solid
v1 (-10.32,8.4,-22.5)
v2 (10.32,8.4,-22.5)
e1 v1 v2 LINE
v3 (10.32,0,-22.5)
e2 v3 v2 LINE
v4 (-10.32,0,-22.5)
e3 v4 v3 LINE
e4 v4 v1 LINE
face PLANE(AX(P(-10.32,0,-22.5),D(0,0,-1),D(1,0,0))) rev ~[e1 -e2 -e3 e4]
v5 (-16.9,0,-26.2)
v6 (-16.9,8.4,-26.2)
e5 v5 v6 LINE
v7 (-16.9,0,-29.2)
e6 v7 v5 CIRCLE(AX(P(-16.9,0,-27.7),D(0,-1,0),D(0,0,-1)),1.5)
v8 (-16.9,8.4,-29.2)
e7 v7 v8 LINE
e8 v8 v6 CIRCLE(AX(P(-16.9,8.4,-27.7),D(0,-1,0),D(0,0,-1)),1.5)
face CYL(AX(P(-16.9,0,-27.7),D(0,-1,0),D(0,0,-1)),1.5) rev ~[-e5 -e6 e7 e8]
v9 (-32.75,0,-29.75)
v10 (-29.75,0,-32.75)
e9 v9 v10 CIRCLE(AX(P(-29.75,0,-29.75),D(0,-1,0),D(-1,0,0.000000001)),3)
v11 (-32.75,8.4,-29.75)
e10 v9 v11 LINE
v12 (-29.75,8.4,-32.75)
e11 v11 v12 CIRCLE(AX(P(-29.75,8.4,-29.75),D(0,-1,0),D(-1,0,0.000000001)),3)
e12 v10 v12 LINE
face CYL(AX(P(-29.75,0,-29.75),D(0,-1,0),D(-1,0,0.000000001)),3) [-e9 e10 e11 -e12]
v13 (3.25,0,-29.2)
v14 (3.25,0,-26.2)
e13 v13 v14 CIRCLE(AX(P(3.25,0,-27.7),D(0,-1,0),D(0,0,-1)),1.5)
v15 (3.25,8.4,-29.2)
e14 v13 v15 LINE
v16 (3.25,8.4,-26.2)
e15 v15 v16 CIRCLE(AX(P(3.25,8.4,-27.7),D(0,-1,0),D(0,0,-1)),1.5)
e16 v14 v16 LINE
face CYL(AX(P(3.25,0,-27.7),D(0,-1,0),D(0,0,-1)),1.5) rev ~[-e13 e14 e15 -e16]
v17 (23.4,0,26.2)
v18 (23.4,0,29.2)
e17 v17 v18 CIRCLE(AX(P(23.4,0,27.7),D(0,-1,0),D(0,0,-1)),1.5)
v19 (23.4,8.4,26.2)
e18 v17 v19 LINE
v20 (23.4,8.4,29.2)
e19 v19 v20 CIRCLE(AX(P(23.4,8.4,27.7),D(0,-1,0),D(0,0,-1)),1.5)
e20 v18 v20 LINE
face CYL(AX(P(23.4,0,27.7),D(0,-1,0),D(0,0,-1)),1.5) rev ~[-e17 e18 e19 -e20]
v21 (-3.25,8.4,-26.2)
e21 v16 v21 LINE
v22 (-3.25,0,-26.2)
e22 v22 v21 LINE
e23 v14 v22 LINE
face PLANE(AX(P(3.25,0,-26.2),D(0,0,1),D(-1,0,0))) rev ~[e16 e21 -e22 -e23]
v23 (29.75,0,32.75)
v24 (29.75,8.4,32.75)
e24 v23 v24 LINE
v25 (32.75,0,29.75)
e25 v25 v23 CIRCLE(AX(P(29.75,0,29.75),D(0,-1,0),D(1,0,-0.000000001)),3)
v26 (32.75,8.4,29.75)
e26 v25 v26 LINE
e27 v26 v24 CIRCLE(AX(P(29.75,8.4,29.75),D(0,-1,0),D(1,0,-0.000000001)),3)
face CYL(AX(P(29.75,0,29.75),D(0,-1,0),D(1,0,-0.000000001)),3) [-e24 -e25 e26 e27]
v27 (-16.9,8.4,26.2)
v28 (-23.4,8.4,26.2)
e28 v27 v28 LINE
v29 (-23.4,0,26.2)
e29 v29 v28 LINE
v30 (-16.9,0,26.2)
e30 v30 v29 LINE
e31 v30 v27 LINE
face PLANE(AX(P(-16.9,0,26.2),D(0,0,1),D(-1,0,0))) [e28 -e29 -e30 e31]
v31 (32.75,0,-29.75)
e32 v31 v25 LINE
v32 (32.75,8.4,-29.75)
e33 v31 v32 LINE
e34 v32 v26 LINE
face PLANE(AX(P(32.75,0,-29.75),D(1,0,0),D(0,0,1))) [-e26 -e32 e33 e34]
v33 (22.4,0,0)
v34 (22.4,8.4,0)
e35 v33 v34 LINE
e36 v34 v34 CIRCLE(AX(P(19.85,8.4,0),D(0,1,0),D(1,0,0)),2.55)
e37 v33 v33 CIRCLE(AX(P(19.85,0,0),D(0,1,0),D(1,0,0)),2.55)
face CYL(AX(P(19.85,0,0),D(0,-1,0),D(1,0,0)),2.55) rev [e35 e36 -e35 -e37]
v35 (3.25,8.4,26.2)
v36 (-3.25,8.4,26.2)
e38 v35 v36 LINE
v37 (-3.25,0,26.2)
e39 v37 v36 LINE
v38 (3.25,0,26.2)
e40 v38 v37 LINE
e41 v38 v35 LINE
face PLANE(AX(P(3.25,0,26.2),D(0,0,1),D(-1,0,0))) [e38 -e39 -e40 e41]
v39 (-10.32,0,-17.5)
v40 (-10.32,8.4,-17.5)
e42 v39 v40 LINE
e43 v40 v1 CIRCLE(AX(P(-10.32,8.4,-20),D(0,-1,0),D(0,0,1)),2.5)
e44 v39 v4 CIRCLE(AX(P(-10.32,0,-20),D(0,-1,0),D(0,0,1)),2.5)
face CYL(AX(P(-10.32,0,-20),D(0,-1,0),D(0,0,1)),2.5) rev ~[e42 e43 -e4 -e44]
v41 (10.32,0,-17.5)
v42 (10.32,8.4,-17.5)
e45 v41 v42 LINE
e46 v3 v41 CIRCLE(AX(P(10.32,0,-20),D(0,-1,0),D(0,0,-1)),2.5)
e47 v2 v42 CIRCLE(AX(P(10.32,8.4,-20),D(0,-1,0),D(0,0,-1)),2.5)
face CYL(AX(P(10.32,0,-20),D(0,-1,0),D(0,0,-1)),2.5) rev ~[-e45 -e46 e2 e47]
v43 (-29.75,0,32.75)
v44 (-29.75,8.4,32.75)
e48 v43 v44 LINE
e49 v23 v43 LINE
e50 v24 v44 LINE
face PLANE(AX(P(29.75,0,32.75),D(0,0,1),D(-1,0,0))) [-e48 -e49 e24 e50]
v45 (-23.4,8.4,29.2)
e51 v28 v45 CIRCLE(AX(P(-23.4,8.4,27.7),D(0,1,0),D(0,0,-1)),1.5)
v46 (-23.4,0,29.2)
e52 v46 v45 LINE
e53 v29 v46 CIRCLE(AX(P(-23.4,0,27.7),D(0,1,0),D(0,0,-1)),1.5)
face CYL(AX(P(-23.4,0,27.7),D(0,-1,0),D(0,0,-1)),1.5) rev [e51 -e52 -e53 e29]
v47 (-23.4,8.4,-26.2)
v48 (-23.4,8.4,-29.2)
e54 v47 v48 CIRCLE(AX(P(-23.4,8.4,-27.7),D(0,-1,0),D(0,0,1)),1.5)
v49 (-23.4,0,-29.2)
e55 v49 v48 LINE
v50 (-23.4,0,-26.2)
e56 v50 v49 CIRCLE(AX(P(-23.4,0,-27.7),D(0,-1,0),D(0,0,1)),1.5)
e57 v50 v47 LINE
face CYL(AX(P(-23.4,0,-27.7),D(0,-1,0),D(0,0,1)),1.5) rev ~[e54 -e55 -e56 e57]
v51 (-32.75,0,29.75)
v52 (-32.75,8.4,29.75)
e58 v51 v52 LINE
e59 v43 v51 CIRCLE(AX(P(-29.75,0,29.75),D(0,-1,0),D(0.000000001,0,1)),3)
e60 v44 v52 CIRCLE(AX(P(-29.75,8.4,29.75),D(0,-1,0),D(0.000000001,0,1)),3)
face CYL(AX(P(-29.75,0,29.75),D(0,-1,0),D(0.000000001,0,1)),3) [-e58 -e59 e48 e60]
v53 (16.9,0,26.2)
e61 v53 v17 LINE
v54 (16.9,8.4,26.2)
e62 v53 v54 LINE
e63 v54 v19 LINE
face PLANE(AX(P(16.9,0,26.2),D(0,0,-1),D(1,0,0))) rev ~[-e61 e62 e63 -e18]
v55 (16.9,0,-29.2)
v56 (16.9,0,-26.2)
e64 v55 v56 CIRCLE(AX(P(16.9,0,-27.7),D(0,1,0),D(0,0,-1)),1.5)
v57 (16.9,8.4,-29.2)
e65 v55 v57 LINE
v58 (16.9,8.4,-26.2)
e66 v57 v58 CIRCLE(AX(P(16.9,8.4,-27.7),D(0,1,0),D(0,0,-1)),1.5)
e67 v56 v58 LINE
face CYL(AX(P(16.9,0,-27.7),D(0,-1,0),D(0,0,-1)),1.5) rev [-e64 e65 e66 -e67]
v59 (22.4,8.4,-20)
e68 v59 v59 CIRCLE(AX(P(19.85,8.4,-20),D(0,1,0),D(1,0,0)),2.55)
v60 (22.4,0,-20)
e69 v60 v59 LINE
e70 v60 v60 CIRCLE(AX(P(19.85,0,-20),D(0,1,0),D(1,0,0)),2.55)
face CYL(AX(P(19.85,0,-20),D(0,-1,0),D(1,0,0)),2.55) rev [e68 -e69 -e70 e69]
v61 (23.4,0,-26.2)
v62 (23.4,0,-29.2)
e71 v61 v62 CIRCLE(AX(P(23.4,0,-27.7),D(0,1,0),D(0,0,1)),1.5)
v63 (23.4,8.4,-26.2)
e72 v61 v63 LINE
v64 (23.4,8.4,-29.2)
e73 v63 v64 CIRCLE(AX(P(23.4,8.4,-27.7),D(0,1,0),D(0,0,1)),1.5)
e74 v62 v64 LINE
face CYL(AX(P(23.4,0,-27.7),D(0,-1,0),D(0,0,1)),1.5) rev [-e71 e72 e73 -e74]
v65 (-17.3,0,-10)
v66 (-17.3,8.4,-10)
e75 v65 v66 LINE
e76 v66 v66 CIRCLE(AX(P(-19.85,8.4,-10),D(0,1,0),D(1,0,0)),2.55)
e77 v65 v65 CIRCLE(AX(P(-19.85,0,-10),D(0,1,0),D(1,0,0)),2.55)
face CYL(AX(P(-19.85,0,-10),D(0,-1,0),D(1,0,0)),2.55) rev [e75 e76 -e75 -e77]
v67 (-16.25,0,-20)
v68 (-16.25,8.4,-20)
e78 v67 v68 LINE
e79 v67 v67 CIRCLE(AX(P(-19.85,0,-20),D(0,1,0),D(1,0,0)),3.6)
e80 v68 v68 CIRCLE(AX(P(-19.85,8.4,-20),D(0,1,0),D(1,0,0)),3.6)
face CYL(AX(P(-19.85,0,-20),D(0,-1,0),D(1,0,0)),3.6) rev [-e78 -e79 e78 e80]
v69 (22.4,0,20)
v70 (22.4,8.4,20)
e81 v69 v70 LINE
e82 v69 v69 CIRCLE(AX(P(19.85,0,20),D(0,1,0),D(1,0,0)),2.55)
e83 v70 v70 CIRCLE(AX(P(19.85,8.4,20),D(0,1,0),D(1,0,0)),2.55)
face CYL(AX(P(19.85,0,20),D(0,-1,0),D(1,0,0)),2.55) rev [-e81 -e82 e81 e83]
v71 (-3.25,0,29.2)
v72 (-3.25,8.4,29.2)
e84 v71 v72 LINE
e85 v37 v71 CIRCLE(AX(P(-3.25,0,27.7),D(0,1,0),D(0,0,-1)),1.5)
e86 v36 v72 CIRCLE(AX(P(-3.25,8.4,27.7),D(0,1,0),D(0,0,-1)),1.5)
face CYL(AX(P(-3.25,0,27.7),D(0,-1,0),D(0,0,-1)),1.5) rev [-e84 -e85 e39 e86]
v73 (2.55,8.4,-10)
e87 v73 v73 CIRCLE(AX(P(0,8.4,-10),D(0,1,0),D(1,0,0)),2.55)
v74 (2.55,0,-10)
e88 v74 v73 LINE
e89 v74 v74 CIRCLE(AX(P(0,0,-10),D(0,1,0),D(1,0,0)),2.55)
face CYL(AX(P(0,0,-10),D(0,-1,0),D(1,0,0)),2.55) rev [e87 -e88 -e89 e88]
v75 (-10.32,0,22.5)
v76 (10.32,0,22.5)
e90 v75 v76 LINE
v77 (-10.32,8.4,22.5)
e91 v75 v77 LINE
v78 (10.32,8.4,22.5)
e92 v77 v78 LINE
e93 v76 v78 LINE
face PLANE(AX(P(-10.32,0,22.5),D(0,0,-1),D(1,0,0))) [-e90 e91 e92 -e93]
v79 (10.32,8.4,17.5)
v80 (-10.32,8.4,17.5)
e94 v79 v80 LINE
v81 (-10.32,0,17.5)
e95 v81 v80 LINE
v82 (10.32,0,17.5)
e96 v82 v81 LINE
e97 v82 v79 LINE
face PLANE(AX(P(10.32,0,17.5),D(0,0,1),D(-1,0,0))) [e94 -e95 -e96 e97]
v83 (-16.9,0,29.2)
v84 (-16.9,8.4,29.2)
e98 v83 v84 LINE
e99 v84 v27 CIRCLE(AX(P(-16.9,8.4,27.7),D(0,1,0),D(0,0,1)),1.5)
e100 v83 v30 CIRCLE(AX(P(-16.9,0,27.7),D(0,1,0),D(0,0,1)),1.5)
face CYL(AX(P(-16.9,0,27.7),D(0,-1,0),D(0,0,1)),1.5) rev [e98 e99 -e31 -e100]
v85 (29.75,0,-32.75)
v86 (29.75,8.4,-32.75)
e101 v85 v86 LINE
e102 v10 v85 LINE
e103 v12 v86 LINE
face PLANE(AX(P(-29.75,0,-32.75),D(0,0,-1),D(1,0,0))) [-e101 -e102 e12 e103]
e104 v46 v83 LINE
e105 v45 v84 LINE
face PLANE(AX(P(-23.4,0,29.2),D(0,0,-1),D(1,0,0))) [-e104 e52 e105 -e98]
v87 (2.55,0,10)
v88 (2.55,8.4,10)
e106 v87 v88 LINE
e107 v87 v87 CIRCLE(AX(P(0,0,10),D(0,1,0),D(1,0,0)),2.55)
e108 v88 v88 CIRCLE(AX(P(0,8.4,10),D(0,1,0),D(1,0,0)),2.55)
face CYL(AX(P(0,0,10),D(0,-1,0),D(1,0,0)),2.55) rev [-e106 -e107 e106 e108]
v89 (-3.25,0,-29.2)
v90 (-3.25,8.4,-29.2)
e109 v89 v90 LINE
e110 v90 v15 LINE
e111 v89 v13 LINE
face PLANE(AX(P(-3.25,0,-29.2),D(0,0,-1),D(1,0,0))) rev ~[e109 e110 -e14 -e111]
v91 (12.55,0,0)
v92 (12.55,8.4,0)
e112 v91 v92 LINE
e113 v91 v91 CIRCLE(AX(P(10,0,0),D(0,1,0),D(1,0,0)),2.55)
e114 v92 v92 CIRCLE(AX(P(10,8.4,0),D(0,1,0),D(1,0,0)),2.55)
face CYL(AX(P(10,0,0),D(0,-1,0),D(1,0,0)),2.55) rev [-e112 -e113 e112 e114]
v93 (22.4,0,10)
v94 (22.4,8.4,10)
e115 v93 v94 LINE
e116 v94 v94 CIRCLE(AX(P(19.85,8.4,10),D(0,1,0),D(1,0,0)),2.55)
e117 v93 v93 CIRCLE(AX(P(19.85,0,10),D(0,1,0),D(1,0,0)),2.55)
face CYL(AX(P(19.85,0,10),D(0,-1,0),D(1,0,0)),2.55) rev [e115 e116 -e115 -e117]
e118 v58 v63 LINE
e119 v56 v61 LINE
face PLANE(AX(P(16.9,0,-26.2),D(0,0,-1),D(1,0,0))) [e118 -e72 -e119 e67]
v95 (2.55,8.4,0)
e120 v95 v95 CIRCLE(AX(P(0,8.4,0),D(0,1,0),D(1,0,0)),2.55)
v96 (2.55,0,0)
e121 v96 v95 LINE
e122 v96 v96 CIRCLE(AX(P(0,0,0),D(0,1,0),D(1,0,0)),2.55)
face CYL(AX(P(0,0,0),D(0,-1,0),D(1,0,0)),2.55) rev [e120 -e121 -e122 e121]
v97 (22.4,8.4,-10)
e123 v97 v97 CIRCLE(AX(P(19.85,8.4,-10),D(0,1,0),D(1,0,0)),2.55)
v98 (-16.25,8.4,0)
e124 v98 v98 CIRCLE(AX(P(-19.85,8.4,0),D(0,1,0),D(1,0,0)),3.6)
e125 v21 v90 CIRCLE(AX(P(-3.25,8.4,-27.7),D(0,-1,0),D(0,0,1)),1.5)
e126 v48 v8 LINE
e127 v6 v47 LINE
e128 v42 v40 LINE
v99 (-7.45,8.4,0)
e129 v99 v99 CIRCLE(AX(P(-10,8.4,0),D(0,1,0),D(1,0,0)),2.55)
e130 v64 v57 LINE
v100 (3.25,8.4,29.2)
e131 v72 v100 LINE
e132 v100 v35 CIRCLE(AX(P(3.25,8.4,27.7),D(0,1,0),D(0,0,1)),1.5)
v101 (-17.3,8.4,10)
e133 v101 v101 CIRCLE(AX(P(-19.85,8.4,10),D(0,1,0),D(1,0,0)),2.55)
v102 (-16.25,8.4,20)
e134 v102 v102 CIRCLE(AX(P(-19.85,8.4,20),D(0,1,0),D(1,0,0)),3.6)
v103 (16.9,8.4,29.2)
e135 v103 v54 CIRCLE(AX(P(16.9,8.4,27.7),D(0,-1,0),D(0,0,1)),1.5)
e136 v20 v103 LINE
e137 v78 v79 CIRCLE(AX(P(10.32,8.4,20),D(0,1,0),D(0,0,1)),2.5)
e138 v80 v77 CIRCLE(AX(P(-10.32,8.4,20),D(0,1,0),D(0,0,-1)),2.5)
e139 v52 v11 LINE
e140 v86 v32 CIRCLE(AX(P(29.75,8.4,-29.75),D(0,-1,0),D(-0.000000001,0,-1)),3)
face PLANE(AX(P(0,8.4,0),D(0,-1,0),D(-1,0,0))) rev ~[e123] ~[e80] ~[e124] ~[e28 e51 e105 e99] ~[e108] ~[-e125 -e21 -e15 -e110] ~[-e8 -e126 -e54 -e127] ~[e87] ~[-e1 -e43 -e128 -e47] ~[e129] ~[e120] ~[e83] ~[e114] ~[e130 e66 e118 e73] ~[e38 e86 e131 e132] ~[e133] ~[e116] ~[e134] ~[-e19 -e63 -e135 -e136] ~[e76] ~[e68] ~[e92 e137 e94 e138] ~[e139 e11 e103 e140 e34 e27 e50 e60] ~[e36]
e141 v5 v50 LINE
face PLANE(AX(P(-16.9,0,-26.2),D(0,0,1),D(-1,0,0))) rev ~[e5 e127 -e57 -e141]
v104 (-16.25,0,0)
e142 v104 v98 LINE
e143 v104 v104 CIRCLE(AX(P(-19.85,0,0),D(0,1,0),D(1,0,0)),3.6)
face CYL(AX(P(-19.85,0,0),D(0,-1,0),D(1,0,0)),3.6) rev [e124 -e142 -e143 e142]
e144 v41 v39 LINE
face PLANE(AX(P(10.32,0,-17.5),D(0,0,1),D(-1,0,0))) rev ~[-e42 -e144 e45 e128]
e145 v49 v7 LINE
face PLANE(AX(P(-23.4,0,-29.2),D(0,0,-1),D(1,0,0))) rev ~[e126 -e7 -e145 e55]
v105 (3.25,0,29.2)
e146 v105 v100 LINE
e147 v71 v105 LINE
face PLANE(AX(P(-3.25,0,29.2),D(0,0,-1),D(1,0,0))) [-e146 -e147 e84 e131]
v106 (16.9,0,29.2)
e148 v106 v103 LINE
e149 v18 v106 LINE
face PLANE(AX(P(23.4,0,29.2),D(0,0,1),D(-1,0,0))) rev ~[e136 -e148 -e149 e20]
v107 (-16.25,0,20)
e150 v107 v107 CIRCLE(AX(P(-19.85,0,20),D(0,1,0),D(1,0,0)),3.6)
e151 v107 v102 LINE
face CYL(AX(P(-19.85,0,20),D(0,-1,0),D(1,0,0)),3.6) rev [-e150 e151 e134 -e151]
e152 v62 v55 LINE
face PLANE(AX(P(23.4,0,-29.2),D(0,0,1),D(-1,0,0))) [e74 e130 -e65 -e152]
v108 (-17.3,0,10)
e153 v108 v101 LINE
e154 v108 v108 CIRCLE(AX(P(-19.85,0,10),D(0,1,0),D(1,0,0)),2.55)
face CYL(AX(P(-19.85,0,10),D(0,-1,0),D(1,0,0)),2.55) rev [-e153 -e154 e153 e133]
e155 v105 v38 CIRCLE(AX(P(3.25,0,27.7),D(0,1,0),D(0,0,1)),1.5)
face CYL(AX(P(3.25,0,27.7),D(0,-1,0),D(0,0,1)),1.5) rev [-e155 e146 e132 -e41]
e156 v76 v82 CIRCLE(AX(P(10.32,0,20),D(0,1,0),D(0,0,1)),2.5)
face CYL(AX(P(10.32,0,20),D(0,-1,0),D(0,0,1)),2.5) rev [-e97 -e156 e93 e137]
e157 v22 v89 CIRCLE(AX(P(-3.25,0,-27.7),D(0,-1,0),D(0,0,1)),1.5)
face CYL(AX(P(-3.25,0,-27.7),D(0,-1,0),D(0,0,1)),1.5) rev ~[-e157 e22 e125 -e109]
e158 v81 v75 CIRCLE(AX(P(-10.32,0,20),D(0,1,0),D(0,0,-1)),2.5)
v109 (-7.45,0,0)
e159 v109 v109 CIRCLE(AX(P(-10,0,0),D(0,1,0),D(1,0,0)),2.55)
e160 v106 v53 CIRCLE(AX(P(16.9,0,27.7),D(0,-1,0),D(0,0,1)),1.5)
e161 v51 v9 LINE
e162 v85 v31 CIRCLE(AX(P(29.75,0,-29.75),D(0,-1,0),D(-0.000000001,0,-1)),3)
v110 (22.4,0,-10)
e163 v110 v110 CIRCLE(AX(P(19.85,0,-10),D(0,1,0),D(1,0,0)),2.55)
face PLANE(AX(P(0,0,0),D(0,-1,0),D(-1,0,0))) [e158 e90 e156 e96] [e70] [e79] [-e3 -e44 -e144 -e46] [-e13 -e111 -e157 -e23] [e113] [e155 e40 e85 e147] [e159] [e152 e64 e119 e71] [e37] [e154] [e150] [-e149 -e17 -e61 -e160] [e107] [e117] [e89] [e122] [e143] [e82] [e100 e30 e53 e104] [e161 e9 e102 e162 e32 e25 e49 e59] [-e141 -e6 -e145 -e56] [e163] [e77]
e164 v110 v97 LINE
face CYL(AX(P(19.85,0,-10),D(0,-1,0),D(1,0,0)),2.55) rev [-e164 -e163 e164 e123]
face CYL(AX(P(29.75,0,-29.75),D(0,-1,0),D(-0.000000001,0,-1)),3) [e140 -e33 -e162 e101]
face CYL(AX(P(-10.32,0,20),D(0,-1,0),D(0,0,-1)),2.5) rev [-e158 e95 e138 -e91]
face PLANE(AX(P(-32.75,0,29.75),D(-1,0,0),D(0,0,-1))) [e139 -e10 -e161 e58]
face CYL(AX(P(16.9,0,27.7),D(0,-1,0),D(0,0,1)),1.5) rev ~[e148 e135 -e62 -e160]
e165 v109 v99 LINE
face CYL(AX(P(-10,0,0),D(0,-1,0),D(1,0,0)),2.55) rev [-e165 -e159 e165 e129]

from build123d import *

# Parameters (mm, degrees)
SKETCH1_R           = 2.55
SKETCH1_R_2         = 3.6
BOSS_EXTRUDE1_DEPTH = 8.4


with BuildPart() as part:
    # Sketch1 → Boss-Extrude1 (new body)
    with BuildSketch(Plane(origin=(0, 0, 0), x_dir=(1, 0, 0), z_dir=(0, 1, 0))):
        with BuildLine():
            Line((29.75, -32.75), (-29.75, -32.75))
            ThreePointArc((-29.75, -32.75), (-31.871320344, -31.871320344), (-32.75, -29.75))
            Line((-32.75, -29.75), (-32.75, 29.75))
            ThreePointArc((-32.75, 29.75), (-31.871320344, 31.871320344), (-29.75, 32.75))
            Line((-29.75, 32.75), (29.75, 32.75))
            ThreePointArc((29.75, 32.75), (31.871320344, 31.871320344), (32.75, 29.75))
            Line((32.75, 29.75), (32.75, -29.75))
            ThreePointArc((32.75, -29.75), (31.871320344, -31.871320344), (29.75, -32.75))
        make_face()
        with Locations((0, 10)):
            Circle(SKETCH1_R, mode=Mode.SUBTRACT)
        Circle(SKETCH1_R, mode=Mode.SUBTRACT)
        with Locations((10, 0)):
            Circle(SKETCH1_R, mode=Mode.SUBTRACT)
        with Locations((-10, 0)):
            Circle(SKETCH1_R, mode=Mode.SUBTRACT)
        with Locations((-19.85, 20)):
            Circle(SKETCH1_R_2, mode=Mode.SUBTRACT)
        with Locations((-19.85, 0)):
            Circle(SKETCH1_R_2, mode=Mode.SUBTRACT)
        with Locations((-19.85, -20)):
            Circle(SKETCH1_R_2, mode=Mode.SUBTRACT)
        with Locations((-19.85, 10)):
            Circle(SKETCH1_R, mode=Mode.SUBTRACT)
        with Locations((19.85, 20)):
            Circle(SKETCH1_R, mode=Mode.SUBTRACT)
        with Locations((19.85, 0)):
            Circle(SKETCH1_R, mode=Mode.SUBTRACT)
        with Locations((19.85, -20)):
            Circle(SKETCH1_R, mode=Mode.SUBTRACT)
        with Locations((0, -10)):
            Circle(SKETCH1_R, mode=Mode.SUBTRACT)
        with Locations((19.85, 10)):
            Circle(SKETCH1_R, mode=Mode.SUBTRACT)
        with Locations((19.85, -10)):
            Circle(SKETCH1_R, mode=Mode.SUBTRACT)
        with Locations((-19.85, -10)):
            Circle(SKETCH1_R, mode=Mode.SUBTRACT)
        with BuildLine():
            Line((10.32, 17.5), (-10.32, 17.5))
            ThreePointArc((-10.32, 17.5), (-12.82, 20), (-10.32, 22.5))
            Line((-10.32, 22.5), (10.32, 22.5))
            ThreePointArc((10.32, 22.5), (12.82, 20), (10.32, 17.5))
        make_face(mode=Mode.SUBTRACT)
        with BuildLine():
            Line((3.25, 26.2), (-3.25, 26.2))
            ThreePointArc((-3.25, 26.2), (-4.75, 27.7), (-3.25, 29.2))
            Line((-3.25, 29.2), (3.25, 29.2))
            ThreePointArc((3.25, 29.2), (4.75, 27.7), (3.25, 26.2))
        make_face(mode=Mode.SUBTRACT)
        with BuildLine():
            Line((-16.9, 26.2), (-23.4, 26.2))
            ThreePointArc((-23.4, 26.2), (-24.9, 27.7), (-23.4, 29.2))
            Line((-23.4, 29.2), (-16.9, 29.2))
            ThreePointArc((-16.9, 29.2), (-15.4, 27.7), (-16.9, 26.2))
        make_face(mode=Mode.SUBTRACT)
        with BuildLine():
            Line((16.9, 26.2), (23.4, 26.2))
            ThreePointArc((23.4, 26.2), (24.9, 27.7), (23.4, 29.2))
            Line((23.4, 29.2), (16.9, 29.2))
            ThreePointArc((16.9, 29.2), (15.4, 27.7), (16.9, 26.2))
        make_face(mode=Mode.SUBTRACT)
        with BuildLine():
            Line((10.32, -17.5), (-10.32, -17.5))
            ThreePointArc((-10.32, -17.5), (-12.82, -20), (-10.32, -22.5))
            Line((-10.32, -22.5), (10.32, -22.5))
            ThreePointArc((10.32, -22.5), (12.82, -20), (10.32, -17.5))
        make_face(mode=Mode.SUBTRACT)
        with BuildLine():
            Line((-16.9, -26.2), (-23.4, -26.2))
            ThreePointArc((-23.4, -26.2), (-24.9, -27.7), (-23.4, -29.2))
            Line((-23.4, -29.2), (-16.9, -29.2))
            ThreePointArc((-16.9, -29.2), (-15.4, -27.7), (-16.9, -26.2))
        make_face(mode=Mode.SUBTRACT)
        with BuildLine():
            Line((3.25, -26.2), (-3.25, -26.2))
            ThreePointArc((-3.25, -26.2), (-4.75, -27.7), (-3.25, -29.2))
            Line((-3.25, -29.2), (3.25, -29.2))
            ThreePointArc((3.25, -29.2), (4.75, -27.7), (3.25, -26.2))
        make_face(mode=Mode.SUBTRACT)
        with BuildLine():
            Line((16.9, -26.2), (23.4, -26.2))
            ThreePointArc((23.4, -26.2), (24.9, -27.7), (23.4, -29.2))
            Line((23.4, -29.2), (16.9, -29.2))
            ThreePointArc((16.9, -29.2), (15.4, -27.7), (16.9, -26.2))
        make_face(mode=Mode.SUBTRACT)
    extrude(amount=BOSS_EXTRUDE1_DEPTH)


solid = part.part
